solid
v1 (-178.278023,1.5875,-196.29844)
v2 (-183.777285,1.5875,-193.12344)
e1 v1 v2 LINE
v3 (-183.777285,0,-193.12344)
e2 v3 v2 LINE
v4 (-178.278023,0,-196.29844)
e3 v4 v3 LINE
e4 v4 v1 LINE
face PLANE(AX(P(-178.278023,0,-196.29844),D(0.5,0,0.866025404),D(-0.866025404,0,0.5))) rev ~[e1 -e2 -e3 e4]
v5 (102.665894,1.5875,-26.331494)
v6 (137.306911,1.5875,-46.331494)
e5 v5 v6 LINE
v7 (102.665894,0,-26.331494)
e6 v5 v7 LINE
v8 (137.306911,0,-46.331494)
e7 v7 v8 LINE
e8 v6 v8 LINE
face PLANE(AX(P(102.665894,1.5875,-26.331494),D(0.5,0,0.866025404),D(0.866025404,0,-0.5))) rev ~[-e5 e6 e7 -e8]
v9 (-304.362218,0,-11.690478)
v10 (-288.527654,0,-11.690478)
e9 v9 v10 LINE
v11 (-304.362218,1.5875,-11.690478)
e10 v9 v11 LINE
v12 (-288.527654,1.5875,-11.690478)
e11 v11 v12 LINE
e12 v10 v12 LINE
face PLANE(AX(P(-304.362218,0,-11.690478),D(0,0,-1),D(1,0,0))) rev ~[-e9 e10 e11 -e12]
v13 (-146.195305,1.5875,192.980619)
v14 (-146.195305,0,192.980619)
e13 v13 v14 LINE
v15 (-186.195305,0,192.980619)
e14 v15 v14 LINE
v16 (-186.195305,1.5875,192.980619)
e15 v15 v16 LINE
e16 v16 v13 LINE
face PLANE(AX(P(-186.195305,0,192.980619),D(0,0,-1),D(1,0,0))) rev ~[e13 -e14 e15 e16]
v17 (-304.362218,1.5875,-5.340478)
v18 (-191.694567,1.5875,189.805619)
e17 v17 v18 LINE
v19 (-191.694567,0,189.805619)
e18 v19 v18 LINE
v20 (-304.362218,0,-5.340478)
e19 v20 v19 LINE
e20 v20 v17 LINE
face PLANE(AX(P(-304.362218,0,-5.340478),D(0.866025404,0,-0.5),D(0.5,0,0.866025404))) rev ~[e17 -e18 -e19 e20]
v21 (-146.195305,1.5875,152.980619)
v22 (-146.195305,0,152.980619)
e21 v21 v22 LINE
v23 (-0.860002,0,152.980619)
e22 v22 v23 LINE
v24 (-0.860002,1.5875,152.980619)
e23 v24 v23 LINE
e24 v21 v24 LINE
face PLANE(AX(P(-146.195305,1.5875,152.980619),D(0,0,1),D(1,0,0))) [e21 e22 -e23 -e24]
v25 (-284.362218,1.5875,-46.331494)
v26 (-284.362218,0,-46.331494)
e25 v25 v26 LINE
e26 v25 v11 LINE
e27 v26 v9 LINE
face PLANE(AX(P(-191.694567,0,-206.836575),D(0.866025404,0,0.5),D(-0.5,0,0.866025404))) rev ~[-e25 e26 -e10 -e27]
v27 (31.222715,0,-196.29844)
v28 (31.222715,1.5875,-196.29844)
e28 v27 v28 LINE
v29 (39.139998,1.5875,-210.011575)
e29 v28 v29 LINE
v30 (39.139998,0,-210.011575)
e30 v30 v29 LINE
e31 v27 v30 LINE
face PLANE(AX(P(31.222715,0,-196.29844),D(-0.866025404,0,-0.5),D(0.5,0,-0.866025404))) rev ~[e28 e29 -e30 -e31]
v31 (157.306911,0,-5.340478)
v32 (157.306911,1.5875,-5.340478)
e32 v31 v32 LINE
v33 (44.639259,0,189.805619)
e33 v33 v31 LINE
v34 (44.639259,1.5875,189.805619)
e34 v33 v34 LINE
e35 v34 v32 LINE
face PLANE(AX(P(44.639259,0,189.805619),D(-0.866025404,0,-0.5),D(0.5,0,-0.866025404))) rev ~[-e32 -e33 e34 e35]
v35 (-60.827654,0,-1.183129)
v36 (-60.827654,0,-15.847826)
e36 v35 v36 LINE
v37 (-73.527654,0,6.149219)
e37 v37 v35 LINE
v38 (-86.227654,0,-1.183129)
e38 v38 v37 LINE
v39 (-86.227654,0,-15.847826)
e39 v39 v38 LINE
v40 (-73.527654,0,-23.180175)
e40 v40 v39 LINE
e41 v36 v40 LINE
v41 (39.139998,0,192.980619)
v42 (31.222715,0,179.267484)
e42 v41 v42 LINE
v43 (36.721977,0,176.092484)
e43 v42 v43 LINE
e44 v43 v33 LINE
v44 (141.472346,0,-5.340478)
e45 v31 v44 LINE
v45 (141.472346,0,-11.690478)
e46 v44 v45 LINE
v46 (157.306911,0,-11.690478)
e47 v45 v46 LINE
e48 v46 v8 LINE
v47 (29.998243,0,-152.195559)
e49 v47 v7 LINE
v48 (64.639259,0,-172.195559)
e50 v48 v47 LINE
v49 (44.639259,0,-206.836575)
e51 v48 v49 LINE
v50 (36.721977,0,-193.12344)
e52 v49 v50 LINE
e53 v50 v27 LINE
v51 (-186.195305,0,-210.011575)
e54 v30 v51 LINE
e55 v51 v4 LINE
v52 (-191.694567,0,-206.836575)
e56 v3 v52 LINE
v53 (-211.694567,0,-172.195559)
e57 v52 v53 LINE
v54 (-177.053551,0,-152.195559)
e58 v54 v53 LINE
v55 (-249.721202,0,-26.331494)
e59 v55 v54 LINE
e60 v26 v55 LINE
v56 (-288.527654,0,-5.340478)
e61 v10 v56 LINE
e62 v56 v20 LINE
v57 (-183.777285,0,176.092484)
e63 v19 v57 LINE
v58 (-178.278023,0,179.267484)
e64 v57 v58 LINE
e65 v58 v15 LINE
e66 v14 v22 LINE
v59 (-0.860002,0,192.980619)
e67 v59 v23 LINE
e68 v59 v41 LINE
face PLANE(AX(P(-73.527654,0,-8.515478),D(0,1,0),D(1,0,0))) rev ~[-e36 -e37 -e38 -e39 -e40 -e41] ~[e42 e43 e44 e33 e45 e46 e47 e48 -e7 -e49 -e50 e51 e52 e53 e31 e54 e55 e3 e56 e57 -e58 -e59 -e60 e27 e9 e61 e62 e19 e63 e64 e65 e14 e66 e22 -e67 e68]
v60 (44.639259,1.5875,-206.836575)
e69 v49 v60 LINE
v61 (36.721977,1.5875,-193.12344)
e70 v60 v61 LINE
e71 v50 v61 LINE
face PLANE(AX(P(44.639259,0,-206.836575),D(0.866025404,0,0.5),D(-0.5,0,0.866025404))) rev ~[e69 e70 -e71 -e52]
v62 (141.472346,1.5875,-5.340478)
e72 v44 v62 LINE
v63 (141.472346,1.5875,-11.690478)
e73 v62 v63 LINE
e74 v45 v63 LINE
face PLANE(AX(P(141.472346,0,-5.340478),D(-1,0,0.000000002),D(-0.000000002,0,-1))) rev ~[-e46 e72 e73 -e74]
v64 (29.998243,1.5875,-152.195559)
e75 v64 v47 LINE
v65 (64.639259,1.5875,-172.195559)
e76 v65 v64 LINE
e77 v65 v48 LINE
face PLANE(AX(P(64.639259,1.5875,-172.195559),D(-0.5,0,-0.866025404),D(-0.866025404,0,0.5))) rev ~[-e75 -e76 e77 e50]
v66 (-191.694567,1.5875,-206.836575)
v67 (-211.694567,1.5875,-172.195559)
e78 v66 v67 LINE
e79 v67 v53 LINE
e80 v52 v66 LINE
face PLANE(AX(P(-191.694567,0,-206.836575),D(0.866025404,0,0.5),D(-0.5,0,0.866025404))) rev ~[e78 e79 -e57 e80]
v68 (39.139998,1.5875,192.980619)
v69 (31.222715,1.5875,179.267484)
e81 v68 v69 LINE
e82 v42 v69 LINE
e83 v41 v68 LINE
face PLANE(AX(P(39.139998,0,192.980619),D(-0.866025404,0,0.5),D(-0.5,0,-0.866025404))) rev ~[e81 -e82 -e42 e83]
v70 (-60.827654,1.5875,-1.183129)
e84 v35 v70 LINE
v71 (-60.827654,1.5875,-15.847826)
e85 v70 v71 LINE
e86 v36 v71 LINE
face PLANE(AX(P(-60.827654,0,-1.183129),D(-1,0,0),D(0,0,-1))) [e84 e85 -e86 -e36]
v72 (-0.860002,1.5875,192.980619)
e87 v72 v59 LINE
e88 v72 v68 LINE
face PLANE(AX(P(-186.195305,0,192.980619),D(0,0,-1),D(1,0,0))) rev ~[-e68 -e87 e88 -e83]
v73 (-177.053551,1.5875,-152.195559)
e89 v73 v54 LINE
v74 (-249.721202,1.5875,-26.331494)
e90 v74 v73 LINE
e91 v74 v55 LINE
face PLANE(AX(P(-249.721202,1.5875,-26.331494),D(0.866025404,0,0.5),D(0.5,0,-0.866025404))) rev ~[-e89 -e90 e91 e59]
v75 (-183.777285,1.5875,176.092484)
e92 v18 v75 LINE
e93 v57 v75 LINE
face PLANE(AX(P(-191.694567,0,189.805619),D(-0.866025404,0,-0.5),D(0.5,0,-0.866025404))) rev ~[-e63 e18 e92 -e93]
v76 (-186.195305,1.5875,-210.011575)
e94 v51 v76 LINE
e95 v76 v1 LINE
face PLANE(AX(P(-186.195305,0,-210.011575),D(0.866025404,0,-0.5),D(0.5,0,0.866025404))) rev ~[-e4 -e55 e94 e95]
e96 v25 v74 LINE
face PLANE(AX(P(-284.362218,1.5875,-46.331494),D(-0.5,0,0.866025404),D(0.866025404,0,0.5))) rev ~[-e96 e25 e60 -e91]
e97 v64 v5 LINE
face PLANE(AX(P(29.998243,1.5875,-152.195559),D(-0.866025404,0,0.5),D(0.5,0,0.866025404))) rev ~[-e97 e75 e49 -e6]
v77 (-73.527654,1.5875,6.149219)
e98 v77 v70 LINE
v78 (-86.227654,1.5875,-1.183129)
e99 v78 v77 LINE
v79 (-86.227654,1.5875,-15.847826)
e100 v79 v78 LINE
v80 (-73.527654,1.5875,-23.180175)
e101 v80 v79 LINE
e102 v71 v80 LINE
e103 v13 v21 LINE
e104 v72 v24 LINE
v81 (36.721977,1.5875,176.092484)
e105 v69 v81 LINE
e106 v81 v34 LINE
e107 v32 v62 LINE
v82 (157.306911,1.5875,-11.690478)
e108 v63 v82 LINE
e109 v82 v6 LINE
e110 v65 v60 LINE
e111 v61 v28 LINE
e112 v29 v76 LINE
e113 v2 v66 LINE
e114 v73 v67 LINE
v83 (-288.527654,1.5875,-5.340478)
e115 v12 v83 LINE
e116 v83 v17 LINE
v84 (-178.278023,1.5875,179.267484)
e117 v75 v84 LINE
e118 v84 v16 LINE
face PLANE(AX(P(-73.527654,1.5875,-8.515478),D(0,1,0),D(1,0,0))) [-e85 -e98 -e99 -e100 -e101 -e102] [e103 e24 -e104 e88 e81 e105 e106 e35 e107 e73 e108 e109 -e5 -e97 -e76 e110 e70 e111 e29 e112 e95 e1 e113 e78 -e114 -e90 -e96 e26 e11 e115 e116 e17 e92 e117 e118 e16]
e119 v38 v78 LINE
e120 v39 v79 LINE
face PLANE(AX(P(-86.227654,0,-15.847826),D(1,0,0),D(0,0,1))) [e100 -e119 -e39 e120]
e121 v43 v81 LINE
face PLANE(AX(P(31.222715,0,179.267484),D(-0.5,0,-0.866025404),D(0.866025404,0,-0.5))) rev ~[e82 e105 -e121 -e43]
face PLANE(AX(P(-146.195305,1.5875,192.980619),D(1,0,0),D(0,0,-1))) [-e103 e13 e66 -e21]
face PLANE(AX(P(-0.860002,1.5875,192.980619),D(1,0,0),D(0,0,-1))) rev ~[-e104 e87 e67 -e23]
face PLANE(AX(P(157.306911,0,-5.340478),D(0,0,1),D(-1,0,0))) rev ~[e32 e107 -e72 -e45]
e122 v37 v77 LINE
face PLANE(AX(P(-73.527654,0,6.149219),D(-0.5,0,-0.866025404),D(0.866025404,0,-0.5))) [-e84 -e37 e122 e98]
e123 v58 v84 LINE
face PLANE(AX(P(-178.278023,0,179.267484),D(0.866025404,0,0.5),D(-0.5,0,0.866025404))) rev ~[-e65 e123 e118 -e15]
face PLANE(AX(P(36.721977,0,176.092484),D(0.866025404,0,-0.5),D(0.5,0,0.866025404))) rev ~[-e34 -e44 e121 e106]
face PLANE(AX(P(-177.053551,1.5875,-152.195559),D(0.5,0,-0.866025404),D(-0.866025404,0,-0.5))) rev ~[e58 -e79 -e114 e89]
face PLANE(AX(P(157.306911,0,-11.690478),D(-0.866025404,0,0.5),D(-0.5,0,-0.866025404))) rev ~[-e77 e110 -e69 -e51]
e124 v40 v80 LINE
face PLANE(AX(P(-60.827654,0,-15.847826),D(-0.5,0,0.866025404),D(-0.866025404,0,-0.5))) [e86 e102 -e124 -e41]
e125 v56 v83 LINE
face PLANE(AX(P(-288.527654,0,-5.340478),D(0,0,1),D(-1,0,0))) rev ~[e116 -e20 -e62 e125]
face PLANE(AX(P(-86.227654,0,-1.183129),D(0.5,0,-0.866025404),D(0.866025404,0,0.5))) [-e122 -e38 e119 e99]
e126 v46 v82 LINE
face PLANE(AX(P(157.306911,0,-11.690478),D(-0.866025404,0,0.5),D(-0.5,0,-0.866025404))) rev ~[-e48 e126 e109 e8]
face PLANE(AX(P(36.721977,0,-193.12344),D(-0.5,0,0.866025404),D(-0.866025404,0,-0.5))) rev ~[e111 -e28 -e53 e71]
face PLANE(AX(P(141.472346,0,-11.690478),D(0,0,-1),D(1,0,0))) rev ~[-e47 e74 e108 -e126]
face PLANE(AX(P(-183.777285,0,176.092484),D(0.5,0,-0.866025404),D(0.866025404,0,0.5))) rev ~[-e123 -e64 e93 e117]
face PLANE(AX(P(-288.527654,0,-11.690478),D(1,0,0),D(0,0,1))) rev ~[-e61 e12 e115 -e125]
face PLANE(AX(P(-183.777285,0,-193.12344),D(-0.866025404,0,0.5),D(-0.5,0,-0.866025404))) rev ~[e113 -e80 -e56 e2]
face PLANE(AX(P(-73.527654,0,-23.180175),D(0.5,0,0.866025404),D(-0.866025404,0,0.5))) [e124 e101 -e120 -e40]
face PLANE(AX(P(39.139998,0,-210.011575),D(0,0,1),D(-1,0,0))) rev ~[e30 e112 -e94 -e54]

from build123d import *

# Parameters (mm, degrees)
BOSS_EXTRUDE1_DEPTH = 1.5875
SKETCH2_W           = 145.335303163
SKETCH2_H           = 40
CUT_EXTRUDE1_DEPTH  = 1.5875


with BuildPart() as part:
    # Sketch1 → Boss-Extrude1 (new body)
    with BuildSketch(Plane(origin=(0, 0, 0), x_dir=(1, 0, 0), z_dir=(0, 1, 0))):
        Polygon((-186.195305431, -192.980619007), (39.139997732, -192.980619007), (31.222715493, -179.267483912), (36.721976807, -176.092483912), (44.63925905, -189.805619015), (157.306910641, 5.34047791), (141.472346164, 5.34047791), (141.47234615, 11.690477885), (157.306910636, 11.690477885), (44.639259046, 206.83657481), (36.721976807, 193.123439715), (31.222715493, 196.298439715), (39.139997732, 210.01157481), (-186.195305431, 210.01157481), (-178.278023193, 196.298439715), (-183.777284507, 193.123439715), (-191.694566745, 206.83657481), (-304.362218326, 11.690477902), (-288.52765385, 11.690477902), (-288.52765385, 5.340477902), (-304.362218326, 5.340477902), (-191.694566745, -189.805619007), (-183.777284507, -176.092483912), (-178.278023193, -179.267483912), align=None)
        Polygon((-86.22765385, 15.84782632), (-86.22765385, 1.183129483), (-73.52765385, -6.149218936), (-60.82765385, 1.183129483), (-60.82765385, 15.84782632), (-73.52765385, 23.180174739), align=None, mode=Mode.SUBTRACT)
    extrude(amount=BOSS_EXTRUDE1_DEPTH)

    # Sketch2 → Cut-Extrude1 (cut)
    with BuildSketch(Plane(origin=(0, 1.5875, 0), x_dir=(1, 0, 0), z_dir=(0, 1, 0))):
        with Locations((-73.527653849, -172.980619007)):
            Rectangle(SKETCH2_W, SKETCH2_H)
        Polygon((137.306910632, 46.331494061), (64.63925905, 172.195558667), (29.998242899, 152.195558667), (102.66589448, 26.331494061), align=None)
        Polygon((-211.694566745, 172.195558659), (-284.362218326, 46.331494053), (-249.721202175, 26.331494053), (-177.053550594, 152.195558659), align=None)
    extrude(amount=-CUT_EXTRUDE1_DEPTH, mode=Mode.SUBTRACT)


solid = part.part
